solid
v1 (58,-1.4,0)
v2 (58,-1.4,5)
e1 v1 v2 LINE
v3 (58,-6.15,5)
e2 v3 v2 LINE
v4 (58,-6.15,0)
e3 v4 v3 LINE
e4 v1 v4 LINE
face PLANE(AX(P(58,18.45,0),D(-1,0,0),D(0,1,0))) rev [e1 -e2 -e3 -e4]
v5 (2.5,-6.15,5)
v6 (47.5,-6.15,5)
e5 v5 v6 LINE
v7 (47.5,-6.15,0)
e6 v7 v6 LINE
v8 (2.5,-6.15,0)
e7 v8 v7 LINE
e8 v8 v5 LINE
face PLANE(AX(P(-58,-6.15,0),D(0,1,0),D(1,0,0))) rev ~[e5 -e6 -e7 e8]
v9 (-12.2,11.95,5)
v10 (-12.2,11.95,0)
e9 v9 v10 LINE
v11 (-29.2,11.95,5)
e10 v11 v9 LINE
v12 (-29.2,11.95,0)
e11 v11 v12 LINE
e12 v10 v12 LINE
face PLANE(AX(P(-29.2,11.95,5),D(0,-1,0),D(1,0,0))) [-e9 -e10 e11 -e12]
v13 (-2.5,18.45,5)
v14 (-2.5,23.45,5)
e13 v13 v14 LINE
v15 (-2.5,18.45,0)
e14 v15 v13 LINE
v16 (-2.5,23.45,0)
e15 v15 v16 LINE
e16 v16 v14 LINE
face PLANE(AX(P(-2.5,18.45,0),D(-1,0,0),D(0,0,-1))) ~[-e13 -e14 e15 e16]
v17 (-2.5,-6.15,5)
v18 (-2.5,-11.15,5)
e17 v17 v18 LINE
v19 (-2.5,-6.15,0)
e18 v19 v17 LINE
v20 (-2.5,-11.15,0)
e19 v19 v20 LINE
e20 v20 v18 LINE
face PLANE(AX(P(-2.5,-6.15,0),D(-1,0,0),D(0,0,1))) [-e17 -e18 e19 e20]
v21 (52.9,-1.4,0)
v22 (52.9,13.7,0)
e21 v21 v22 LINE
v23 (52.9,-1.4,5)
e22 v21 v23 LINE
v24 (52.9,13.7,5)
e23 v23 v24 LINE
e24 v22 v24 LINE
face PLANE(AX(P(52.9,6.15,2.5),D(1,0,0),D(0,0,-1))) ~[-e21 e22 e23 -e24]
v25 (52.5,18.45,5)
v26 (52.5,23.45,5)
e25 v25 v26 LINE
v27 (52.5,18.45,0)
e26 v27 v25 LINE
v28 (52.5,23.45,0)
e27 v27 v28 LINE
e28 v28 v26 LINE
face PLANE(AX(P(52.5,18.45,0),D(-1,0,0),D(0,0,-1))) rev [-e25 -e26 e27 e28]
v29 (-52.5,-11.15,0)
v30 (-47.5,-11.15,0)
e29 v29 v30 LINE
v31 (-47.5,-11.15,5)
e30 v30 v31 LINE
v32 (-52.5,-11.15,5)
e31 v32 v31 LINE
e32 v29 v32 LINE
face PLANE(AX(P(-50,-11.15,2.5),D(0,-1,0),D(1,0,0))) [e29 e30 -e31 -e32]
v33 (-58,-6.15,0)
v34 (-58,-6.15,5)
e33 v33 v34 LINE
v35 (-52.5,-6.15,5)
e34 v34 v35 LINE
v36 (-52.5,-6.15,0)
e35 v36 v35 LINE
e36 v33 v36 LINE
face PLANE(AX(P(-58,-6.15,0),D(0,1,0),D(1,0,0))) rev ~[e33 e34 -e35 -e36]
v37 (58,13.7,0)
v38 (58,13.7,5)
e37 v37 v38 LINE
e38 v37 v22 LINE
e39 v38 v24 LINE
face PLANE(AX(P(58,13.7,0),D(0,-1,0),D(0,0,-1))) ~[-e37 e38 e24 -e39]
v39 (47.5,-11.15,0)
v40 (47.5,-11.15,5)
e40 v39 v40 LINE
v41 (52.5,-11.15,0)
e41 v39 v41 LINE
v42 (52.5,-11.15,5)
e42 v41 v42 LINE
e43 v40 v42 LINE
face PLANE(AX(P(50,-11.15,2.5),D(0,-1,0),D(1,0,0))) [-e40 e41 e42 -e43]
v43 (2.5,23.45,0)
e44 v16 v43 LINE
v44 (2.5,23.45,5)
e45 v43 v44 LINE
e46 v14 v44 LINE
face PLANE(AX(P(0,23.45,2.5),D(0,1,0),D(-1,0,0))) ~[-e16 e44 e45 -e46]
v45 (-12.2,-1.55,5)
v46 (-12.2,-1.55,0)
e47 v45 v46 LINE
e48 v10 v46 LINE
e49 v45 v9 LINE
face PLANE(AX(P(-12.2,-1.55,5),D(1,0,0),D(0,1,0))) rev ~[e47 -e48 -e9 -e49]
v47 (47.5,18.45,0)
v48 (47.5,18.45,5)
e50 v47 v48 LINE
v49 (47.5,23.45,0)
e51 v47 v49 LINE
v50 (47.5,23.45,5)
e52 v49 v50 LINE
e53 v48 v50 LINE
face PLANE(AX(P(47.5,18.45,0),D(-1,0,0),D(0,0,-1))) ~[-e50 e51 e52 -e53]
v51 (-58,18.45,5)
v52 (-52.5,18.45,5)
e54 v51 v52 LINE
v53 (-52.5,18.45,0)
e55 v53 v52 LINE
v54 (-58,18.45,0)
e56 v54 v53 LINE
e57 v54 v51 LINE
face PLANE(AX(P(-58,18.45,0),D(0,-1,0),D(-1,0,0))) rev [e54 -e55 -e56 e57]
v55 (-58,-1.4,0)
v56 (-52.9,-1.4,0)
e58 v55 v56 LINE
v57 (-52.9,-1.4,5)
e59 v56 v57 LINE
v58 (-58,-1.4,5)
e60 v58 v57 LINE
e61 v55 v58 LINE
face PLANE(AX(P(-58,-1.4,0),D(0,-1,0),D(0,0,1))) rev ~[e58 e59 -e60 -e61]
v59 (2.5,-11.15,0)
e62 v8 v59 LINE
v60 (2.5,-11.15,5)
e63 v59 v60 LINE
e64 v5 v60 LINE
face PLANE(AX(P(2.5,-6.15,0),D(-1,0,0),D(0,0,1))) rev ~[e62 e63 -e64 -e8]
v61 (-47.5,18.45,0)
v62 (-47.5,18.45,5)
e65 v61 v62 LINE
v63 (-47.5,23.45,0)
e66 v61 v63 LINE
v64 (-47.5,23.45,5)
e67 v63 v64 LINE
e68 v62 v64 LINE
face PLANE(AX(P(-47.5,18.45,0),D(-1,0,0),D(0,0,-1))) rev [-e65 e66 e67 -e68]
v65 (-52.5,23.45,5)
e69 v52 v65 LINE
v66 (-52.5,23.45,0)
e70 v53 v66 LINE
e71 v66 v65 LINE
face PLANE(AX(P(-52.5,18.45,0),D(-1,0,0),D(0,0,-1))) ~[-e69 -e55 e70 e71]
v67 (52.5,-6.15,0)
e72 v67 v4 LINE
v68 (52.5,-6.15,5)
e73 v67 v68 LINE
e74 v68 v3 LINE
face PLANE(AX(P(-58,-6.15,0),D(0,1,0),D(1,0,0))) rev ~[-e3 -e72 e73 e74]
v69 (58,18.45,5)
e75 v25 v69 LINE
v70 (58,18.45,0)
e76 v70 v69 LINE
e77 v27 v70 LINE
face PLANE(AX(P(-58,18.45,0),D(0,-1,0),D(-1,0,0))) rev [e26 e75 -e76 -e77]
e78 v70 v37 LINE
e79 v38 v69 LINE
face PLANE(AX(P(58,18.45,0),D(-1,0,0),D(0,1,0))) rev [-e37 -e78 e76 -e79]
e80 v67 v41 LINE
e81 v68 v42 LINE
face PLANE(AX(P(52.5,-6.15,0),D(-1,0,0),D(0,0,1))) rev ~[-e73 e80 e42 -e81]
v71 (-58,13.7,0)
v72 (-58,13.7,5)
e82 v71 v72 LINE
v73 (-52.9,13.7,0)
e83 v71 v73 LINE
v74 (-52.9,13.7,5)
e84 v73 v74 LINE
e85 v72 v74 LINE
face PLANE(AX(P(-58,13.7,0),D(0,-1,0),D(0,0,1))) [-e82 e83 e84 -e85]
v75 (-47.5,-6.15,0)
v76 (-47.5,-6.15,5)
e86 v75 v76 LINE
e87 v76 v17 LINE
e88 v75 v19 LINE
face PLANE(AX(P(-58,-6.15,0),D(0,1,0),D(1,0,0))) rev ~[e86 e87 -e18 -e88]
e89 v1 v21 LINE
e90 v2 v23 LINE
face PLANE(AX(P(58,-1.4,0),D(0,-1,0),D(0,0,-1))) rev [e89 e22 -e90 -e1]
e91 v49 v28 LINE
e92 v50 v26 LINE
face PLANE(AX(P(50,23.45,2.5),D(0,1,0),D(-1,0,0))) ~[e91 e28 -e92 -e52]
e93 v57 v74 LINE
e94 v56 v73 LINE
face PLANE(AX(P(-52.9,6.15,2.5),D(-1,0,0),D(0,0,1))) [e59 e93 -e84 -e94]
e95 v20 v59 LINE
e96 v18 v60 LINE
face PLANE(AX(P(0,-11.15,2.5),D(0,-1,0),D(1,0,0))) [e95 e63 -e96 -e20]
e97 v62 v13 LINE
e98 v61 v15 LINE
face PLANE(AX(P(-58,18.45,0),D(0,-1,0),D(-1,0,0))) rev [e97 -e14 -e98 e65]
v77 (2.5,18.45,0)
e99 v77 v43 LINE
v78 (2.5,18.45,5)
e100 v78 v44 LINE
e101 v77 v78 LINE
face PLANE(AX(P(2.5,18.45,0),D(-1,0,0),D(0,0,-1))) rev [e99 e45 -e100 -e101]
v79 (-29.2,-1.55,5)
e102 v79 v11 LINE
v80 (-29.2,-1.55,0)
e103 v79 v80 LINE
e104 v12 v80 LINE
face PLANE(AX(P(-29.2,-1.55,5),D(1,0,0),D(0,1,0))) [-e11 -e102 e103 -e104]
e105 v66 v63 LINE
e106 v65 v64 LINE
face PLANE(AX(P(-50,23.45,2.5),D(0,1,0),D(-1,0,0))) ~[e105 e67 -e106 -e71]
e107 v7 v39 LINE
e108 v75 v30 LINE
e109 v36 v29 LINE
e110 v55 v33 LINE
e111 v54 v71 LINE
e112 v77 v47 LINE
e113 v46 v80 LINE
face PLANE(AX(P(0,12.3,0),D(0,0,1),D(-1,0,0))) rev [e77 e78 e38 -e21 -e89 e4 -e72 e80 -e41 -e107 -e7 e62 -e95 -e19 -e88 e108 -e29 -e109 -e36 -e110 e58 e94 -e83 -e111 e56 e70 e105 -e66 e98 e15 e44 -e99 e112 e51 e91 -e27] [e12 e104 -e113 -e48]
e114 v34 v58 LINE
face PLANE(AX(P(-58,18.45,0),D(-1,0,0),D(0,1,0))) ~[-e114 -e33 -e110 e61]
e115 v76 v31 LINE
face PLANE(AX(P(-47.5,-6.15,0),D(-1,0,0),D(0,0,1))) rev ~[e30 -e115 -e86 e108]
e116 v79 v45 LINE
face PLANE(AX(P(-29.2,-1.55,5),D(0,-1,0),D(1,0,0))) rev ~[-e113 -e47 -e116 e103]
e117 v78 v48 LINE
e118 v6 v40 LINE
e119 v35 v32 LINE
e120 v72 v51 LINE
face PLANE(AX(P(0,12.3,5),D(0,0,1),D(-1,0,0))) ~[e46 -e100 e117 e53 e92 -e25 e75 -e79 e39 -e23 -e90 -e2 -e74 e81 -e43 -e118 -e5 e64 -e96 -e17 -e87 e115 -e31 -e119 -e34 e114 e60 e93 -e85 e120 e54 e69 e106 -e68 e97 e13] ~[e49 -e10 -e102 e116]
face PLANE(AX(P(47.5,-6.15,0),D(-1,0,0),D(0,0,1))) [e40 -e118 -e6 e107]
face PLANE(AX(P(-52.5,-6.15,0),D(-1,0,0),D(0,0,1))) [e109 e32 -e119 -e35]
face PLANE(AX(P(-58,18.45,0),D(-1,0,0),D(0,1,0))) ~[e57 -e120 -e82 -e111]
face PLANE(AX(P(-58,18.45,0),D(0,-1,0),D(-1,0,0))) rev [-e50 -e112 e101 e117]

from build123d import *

# Parameters (mm, degrees)
SKETCH1_W           = 116
SKETCH1_H           = 12.3
BOSS_EXTRUDE1_DEPTH = 5
SKETCH2_W           = 5
SKETCH2_H           = 5
BOSS_EXTRUDE2_DEPTH = 5
SKETCH3_W           = 17
SKETCH3_H           = 13.5
CUT_EXTRUDE1_DEPTH  = 6
SKETCH4_W           = 5
SKETCH4_H           = 15.1
CUT_EXTRUDE2_DEPTH  = 5.1


with BuildPart() as part:
    # Sketch1 → Boss-Extrude1 (new body)
    with BuildSketch(Plane.XY):
        Rectangle(SKETCH1_W, SKETCH1_H)
    extrude(amount=BOSS_EXTRUDE1_DEPTH)

    # Sketch2 → Boss-Extrude2 (add)
    with BuildSketch(Plane.XZ.offset(6.15)):
        with Locations((-50, 2.5)):
            Rectangle(SKETCH2_W, SKETCH2_H)
        with Locations((0, 2.5)):
            Rectangle(SKETCH2_W, SKETCH2_H)
        with Locations((50, 2.5)):
            Rectangle(SKETCH2_W, SKETCH2_H)
    extrude(amount=BOSS_EXTRUDE2_DEPTH)

    # Mirror1: part across plane


with BuildPart() as part_1:
    add(part.part)
    add(part.part.mirror(Plane(origin=(-58, 6.15, 5), x_dir=(0, 0, 1), z_dir=(0, -1, 0))))

    # Sketch3 → Cut-Extrude1 (cut, through all)
    with BuildSketch(Plane.XY.offset(5)):
        with Locations((-20.7, 5.2)):
            Rectangle(SKETCH3_W, SKETCH3_H)
    extrude(amount=-CUT_EXTRUDE1_DEPTH, mode=Mode.SUBTRACT)

    # Sketch4 → Cut-Extrude2 (cut)
    with BuildSketch(Plane.ZY.offset(58)):
        with Locations((2.5, 6.15)):
            Rectangle(SKETCH4_W, SKETCH4_H)
    cut_extrude2 = extrude(amount=-CUT_EXTRUDE2_DEPTH, mode=Mode.SUBTRACT)

    # Mirror2: Cut-Extrude2 across plane
    add(cut_extrude2.mirror(Plane(origin=(0, 0, 0), x_dir=(0, 0, 1), z_dir=(1, 0, 0))), mode=Mode.SUBTRACT)


solid = part_1.part
